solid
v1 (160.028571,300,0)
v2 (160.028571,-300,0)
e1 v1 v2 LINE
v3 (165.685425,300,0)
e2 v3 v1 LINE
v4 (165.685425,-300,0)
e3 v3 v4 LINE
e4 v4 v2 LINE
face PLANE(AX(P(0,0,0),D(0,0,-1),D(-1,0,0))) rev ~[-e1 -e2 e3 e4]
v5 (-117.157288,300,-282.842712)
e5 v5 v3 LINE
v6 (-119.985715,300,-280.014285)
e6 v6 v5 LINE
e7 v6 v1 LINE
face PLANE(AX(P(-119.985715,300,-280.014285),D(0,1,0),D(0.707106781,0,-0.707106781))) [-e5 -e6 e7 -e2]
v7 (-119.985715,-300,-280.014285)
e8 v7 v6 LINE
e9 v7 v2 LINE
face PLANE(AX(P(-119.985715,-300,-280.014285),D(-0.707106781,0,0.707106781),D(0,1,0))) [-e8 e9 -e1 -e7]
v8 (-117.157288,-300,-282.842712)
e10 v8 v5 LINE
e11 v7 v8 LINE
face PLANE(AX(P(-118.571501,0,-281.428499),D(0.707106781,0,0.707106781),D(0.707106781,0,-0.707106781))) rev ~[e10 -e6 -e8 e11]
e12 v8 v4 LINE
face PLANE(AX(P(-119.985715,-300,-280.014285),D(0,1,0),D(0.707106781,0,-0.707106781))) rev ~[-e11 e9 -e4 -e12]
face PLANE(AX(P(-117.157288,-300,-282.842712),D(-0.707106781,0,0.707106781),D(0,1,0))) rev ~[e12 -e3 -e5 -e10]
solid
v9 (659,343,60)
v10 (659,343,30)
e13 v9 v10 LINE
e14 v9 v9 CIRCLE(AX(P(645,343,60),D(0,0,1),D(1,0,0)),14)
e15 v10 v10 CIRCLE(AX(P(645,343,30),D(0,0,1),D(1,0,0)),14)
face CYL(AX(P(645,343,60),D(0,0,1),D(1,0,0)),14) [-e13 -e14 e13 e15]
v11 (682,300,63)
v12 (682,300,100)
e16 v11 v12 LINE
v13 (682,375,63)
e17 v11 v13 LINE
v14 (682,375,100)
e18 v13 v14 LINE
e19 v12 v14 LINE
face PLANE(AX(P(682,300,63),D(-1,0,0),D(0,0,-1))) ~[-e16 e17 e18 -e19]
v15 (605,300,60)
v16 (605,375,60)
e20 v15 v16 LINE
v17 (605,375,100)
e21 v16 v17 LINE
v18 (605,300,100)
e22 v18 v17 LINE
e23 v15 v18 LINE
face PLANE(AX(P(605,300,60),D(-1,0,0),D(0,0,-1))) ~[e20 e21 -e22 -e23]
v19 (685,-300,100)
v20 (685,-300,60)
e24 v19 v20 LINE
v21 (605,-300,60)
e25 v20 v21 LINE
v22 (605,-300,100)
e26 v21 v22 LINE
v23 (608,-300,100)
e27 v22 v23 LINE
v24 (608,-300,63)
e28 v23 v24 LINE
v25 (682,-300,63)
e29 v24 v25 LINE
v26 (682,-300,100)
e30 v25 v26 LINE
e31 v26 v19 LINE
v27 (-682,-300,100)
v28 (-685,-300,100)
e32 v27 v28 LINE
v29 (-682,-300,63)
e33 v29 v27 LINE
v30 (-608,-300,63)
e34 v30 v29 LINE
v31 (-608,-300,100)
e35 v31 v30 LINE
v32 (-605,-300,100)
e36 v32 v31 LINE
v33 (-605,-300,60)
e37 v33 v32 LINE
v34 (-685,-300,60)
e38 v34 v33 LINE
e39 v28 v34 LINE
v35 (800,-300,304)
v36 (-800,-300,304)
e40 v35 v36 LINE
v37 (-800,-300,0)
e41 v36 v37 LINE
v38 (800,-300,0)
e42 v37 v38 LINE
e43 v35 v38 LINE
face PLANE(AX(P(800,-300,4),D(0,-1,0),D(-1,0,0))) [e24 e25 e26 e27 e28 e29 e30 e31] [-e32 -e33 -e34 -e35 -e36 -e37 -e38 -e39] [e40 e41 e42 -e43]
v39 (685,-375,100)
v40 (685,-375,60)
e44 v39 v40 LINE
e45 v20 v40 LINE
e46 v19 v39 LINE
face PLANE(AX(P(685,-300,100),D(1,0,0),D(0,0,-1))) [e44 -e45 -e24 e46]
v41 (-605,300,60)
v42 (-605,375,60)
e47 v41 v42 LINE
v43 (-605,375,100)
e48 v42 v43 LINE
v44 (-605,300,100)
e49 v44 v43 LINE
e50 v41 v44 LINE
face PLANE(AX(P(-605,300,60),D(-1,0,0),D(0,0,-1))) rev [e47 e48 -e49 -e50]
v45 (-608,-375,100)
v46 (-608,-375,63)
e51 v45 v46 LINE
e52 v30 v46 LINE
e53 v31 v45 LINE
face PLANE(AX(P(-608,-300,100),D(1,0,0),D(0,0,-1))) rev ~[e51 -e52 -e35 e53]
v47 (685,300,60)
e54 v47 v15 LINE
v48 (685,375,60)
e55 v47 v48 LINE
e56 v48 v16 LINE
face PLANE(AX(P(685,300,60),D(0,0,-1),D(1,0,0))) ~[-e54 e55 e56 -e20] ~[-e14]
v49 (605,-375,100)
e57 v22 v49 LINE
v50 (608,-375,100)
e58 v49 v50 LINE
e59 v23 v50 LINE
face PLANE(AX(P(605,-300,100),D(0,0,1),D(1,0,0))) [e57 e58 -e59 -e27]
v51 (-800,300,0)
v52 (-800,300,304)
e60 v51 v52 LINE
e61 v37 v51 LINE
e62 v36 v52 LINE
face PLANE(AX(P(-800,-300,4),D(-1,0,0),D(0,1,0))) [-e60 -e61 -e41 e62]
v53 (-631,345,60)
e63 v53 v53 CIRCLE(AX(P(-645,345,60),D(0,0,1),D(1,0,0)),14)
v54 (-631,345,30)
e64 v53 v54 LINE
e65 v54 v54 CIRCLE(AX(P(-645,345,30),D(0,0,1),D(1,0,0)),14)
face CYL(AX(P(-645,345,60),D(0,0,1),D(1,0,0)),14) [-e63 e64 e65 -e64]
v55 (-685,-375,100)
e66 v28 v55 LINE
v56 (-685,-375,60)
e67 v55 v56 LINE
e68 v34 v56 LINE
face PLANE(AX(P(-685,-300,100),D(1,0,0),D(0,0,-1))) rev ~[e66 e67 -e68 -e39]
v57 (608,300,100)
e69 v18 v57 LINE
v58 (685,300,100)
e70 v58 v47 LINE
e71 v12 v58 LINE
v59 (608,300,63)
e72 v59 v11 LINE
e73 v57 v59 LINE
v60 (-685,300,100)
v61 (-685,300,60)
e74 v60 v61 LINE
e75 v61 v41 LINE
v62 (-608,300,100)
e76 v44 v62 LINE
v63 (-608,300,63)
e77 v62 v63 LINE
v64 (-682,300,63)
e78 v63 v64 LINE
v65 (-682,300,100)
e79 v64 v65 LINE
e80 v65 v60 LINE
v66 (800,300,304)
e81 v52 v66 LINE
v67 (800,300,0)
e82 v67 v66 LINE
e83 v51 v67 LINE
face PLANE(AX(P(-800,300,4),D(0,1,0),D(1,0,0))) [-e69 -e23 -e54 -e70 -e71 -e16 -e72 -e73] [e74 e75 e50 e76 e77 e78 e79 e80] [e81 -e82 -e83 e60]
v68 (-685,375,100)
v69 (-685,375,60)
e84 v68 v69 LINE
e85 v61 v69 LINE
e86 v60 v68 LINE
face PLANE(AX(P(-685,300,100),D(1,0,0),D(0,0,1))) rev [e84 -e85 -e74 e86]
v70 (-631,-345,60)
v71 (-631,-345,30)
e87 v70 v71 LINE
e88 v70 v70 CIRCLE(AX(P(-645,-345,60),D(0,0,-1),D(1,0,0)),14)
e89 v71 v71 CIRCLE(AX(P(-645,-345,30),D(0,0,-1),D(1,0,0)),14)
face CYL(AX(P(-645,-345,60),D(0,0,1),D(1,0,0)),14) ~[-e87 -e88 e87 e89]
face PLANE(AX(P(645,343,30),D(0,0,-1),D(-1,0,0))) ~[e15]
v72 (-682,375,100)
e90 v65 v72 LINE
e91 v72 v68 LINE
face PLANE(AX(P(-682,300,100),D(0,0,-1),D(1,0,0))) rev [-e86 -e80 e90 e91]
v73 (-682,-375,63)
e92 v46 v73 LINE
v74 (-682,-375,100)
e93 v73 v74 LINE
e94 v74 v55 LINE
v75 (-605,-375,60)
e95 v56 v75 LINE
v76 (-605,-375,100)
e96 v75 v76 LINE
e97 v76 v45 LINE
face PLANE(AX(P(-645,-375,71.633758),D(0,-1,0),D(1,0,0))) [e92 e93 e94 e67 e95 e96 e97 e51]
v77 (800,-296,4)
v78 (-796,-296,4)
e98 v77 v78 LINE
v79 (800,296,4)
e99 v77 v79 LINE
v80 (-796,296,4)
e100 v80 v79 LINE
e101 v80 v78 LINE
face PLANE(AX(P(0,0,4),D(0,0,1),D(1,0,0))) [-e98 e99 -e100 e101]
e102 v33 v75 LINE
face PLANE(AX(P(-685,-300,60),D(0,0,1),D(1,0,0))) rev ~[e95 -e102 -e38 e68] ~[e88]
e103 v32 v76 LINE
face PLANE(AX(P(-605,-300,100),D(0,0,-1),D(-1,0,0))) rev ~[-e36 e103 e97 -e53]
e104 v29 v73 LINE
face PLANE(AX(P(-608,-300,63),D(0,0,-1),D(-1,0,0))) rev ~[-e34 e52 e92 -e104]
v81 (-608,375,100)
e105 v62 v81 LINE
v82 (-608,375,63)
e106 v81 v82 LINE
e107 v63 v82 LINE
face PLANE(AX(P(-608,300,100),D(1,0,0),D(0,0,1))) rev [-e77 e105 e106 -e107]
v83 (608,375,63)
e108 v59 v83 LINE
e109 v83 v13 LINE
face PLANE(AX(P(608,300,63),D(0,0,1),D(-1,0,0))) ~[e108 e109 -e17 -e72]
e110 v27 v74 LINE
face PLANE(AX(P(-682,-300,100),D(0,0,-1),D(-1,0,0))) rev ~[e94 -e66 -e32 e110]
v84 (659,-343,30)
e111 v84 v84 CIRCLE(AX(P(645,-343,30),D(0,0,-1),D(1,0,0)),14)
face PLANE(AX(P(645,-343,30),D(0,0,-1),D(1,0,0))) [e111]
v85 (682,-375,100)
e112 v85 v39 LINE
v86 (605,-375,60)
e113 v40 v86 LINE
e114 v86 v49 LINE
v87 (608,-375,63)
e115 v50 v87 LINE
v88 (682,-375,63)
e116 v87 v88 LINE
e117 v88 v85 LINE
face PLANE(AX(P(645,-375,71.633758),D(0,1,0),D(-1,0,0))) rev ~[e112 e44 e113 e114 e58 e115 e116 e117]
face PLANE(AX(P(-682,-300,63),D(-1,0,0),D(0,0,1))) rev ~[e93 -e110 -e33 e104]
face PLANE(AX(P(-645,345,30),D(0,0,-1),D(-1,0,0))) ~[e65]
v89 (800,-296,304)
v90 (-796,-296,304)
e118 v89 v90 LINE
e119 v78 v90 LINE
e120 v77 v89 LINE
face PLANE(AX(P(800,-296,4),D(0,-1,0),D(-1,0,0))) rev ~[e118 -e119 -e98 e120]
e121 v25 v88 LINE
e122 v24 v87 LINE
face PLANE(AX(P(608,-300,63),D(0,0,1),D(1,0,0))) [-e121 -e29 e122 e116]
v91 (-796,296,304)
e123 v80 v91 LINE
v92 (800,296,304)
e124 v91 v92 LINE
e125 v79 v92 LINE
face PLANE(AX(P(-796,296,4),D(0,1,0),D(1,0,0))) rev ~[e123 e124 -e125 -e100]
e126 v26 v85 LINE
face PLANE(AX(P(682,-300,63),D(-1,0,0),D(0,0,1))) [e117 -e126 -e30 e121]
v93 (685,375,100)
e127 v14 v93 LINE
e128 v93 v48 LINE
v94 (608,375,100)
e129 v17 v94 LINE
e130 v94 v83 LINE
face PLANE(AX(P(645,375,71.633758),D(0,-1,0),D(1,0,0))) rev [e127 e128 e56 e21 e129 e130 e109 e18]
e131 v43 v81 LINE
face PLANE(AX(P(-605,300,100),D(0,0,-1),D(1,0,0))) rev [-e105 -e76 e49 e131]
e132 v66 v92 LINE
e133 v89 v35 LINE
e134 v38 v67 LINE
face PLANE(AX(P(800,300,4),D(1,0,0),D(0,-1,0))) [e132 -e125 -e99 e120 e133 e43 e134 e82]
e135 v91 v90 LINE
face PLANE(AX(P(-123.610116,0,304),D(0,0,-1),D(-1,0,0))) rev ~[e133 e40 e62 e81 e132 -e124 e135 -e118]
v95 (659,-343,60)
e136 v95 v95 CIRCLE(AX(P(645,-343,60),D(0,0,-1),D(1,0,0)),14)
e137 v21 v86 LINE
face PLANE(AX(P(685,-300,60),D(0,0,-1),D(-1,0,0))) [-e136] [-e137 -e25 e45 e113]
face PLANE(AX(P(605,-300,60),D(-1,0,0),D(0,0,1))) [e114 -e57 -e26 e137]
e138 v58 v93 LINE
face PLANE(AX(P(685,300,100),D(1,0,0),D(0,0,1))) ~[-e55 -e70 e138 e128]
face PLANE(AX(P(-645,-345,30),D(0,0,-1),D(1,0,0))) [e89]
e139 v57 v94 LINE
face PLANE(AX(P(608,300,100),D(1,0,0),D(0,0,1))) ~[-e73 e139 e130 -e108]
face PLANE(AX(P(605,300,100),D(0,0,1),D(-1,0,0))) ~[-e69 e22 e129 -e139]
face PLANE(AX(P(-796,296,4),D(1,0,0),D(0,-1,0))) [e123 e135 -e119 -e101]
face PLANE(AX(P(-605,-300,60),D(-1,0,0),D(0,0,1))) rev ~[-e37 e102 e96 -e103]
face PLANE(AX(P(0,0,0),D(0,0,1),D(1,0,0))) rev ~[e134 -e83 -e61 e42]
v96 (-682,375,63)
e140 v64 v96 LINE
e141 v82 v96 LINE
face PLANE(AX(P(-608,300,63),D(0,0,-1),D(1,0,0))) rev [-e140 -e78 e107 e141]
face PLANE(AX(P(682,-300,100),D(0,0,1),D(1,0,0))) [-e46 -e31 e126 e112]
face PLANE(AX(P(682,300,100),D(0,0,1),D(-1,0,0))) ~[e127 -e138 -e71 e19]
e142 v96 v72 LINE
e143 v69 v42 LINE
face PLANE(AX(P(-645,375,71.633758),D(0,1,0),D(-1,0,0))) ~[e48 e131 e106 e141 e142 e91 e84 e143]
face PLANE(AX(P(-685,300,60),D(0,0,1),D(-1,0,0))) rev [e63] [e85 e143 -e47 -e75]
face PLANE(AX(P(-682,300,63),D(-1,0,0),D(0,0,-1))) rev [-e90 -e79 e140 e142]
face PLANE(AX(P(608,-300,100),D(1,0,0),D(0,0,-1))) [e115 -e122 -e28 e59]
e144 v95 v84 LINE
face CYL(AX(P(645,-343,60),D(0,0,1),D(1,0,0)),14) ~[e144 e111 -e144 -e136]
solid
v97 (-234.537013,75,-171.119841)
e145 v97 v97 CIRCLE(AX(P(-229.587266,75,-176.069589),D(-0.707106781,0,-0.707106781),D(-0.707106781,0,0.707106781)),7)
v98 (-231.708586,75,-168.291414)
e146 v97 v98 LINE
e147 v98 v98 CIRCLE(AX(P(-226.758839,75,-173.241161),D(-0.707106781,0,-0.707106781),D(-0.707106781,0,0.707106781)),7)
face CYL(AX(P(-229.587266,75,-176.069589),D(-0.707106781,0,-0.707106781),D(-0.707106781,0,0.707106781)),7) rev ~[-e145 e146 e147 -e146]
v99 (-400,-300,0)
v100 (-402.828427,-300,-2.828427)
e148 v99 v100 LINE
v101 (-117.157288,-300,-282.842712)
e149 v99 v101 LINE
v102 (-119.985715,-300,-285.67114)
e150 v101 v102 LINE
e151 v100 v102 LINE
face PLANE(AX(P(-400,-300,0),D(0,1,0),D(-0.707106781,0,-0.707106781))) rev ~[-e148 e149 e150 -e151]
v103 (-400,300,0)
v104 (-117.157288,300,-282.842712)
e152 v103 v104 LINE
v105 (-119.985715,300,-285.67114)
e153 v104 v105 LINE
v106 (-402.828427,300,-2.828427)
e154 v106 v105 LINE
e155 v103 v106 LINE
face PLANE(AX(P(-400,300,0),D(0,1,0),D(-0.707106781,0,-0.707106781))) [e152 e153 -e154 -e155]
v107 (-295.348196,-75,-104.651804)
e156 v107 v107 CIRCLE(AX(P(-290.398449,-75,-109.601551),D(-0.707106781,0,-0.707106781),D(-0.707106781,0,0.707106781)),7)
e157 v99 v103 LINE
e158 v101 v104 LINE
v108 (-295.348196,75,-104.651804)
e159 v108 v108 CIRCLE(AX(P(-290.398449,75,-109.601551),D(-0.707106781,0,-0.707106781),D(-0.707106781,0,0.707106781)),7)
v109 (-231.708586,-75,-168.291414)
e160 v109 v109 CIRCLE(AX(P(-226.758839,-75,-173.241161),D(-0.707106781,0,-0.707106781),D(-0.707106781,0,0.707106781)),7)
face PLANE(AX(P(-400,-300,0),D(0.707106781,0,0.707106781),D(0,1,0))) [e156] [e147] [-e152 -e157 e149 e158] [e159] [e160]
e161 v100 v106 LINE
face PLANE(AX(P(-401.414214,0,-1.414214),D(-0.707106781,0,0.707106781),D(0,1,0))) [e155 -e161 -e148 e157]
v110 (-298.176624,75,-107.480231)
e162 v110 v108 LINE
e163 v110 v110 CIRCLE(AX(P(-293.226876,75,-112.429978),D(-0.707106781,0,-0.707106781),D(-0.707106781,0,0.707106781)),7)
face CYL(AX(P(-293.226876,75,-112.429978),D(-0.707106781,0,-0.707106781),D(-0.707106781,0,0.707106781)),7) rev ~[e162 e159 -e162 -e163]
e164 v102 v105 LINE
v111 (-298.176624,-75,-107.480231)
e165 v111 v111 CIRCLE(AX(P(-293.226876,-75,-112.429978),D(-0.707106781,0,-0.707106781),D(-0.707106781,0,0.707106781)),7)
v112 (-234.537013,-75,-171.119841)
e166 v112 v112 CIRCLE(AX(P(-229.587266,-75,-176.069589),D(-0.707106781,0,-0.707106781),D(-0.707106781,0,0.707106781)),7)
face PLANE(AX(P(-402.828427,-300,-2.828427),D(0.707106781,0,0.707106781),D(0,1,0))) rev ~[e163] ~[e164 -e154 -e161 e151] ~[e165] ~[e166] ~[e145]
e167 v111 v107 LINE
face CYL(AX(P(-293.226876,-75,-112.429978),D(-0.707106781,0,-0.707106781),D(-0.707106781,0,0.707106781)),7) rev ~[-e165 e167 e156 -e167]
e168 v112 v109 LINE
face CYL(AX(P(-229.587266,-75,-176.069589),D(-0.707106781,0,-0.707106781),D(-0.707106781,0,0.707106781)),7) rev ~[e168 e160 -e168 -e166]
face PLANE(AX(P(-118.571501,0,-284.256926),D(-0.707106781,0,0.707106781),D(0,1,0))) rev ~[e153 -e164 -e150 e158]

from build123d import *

# Parameters (mm, degrees)
SKETCH_1_W          = 1600
SKETCH_1_H          = 600
EXTRUDE_1_DEPTH     = 4
EXTRUDE_2_DEPTH     = 300
EXTRUDE_3_DEPTH     = 75
SKETCH_6_W          = 600
SKETCH_6_H          = 4
EXTRUDE_5_DEPTH     = 400
EXTRUDE_9_REACH     = 1182.949
SKETCH_7_W          = 4
SKETCH_7_H          = 600
SKETCH_4_R          = 14
EXTRUDE_10_DEPTH    = 30
SKETCH_8_R          = 7
CUT_EXTRUDE_1_DEPTH = 20


with BuildPart() as part:
    # 草图1 → 凸台-拉伸1 (new body)
    with BuildSketch(Plane.XY):
        Rectangle(SKETCH_1_W, SKETCH_1_H)
    extrude(amount=EXTRUDE_1_DEPTH)

    # 草图2 → 凸台-拉伸2 (add)
    with BuildSketch(Plane.XY.offset(4)):
        Polygon((796, 296), (-796, 296), (-796, -296), (796, -296), (800, -296), (800, -300), (-800, -300), (-800, 300), (800, 300), (800, 296), align=None)
    extrude(amount=EXTRUDE_2_DEPTH)

    # 草图3 → 凸台-拉伸3 (add)
    with BuildSketch(Plane.XZ.offset(300)):
        Polygon((685, 100), (685, 60), (605, 60), (605, 100), (608, 100), (608, 63), (682, 63), (682, 100), align=None)
        Polygon((-685, 100), (-685, 60), (-605, 60), (-605, 100), (-608, 100), (-608, 63), (-682, 63), (-682, 100), align=None)
    extrude_3 = extrude(amount=EXTRUDE_3_DEPTH)

    # 草图4 → 凸台-拉伸10 (add)
    with BuildSketch(Plane(origin=(0, 0, 60), x_dir=(-1, 0, 0), z_dir=(0, 0, -1))):
        with Locations(Location((-645, -343, 0), (0, 0, 180))):
            Circle(SKETCH_4_R)
        with Locations(Location((645, -345, 0), (0, 0, 180))):
            Circle(SKETCH_4_R)
    extrude_10 = extrude(amount=EXTRUDE_10_DEPTH)

    # 镜向3: 凸台-拉伸3, 凸台-拉伸10 across plane
    add(extrude_3.mirror(Plane.ZX))
    add(extrude_10.mirror(Plane.ZX))


with BuildPart() as body_2:
    # 草图6 → 凸台-拉伸5 (new body)
    with BuildSketch(Plane(origin=(-200, 0, 200), x_dir=(0, 1, 0), z_dir=(-0.7071067811865438, 0, 0.7071067811865512))):
        with Locations((0, 284.842712475)):
            Rectangle(SKETCH_6_W, SKETCH_6_H)
    extrude(amount=-EXTRUDE_5_DEPTH)

    # 草图8 → 切除-拉伸1 (cut)
    with BuildSketch(Plane(origin=(-202.828427125, 0, -202.828427125), x_dir=(-0.7071067811865438, 0, 0.7071067811865513), z_dir=(-0.7071067811865513, 0, -0.7071067811865438))):
        with Locations((127.842712475, 75)):
            Circle(SKETCH_8_R)
        with Locations((127.842712475, -75)):
            Circle(SKETCH_8_R)
        with Locations((37.842712475, -75)):
            Circle(SKETCH_8_R)
        with Locations((37.842712475, 75)):
            Circle(SKETCH_8_R)
    extrude(amount=-CUT_EXTRUDE_1_DEPTH, mode=Mode.SUBTRACT)


with BuildPart() as body_3:
    # 凸台-拉伸9: up to this plane
    extrude_9_end = Plane(origin=(0, 0, 0), z_dir=(0, 0, -1))
    # 草图7 → 凸台-拉伸9 (new, up to the surface)
    with BuildSketch(Plane(origin=(-200, 0, -200), x_dir=(0.7071067811865438, 0, -0.7071067811865513), z_dir=(0.7071067811865513, 0, 0.7071067811865438)), mode=Mode.PRIVATE) as extrude_9_sk1:
        with Locations((115.157287525, 0)):
            Rectangle(SKETCH_7_W, SKETCH_7_H)
    extrude_9_tool1 = split(extrude(extrude_9_sk1.sketch, amount=EXTRUDE_9_REACH, mode=Mode.PRIVATE), bisect_by=extrude_9_end, keep=Keep.BOTH, mode=Mode.PRIVATE)
    add(extrude_9_tool1.solids().sort_by_distance((-118.571501, 0, -281.428499))[0])


solid = Compound([part.part, body_2.part, body_3.part])
